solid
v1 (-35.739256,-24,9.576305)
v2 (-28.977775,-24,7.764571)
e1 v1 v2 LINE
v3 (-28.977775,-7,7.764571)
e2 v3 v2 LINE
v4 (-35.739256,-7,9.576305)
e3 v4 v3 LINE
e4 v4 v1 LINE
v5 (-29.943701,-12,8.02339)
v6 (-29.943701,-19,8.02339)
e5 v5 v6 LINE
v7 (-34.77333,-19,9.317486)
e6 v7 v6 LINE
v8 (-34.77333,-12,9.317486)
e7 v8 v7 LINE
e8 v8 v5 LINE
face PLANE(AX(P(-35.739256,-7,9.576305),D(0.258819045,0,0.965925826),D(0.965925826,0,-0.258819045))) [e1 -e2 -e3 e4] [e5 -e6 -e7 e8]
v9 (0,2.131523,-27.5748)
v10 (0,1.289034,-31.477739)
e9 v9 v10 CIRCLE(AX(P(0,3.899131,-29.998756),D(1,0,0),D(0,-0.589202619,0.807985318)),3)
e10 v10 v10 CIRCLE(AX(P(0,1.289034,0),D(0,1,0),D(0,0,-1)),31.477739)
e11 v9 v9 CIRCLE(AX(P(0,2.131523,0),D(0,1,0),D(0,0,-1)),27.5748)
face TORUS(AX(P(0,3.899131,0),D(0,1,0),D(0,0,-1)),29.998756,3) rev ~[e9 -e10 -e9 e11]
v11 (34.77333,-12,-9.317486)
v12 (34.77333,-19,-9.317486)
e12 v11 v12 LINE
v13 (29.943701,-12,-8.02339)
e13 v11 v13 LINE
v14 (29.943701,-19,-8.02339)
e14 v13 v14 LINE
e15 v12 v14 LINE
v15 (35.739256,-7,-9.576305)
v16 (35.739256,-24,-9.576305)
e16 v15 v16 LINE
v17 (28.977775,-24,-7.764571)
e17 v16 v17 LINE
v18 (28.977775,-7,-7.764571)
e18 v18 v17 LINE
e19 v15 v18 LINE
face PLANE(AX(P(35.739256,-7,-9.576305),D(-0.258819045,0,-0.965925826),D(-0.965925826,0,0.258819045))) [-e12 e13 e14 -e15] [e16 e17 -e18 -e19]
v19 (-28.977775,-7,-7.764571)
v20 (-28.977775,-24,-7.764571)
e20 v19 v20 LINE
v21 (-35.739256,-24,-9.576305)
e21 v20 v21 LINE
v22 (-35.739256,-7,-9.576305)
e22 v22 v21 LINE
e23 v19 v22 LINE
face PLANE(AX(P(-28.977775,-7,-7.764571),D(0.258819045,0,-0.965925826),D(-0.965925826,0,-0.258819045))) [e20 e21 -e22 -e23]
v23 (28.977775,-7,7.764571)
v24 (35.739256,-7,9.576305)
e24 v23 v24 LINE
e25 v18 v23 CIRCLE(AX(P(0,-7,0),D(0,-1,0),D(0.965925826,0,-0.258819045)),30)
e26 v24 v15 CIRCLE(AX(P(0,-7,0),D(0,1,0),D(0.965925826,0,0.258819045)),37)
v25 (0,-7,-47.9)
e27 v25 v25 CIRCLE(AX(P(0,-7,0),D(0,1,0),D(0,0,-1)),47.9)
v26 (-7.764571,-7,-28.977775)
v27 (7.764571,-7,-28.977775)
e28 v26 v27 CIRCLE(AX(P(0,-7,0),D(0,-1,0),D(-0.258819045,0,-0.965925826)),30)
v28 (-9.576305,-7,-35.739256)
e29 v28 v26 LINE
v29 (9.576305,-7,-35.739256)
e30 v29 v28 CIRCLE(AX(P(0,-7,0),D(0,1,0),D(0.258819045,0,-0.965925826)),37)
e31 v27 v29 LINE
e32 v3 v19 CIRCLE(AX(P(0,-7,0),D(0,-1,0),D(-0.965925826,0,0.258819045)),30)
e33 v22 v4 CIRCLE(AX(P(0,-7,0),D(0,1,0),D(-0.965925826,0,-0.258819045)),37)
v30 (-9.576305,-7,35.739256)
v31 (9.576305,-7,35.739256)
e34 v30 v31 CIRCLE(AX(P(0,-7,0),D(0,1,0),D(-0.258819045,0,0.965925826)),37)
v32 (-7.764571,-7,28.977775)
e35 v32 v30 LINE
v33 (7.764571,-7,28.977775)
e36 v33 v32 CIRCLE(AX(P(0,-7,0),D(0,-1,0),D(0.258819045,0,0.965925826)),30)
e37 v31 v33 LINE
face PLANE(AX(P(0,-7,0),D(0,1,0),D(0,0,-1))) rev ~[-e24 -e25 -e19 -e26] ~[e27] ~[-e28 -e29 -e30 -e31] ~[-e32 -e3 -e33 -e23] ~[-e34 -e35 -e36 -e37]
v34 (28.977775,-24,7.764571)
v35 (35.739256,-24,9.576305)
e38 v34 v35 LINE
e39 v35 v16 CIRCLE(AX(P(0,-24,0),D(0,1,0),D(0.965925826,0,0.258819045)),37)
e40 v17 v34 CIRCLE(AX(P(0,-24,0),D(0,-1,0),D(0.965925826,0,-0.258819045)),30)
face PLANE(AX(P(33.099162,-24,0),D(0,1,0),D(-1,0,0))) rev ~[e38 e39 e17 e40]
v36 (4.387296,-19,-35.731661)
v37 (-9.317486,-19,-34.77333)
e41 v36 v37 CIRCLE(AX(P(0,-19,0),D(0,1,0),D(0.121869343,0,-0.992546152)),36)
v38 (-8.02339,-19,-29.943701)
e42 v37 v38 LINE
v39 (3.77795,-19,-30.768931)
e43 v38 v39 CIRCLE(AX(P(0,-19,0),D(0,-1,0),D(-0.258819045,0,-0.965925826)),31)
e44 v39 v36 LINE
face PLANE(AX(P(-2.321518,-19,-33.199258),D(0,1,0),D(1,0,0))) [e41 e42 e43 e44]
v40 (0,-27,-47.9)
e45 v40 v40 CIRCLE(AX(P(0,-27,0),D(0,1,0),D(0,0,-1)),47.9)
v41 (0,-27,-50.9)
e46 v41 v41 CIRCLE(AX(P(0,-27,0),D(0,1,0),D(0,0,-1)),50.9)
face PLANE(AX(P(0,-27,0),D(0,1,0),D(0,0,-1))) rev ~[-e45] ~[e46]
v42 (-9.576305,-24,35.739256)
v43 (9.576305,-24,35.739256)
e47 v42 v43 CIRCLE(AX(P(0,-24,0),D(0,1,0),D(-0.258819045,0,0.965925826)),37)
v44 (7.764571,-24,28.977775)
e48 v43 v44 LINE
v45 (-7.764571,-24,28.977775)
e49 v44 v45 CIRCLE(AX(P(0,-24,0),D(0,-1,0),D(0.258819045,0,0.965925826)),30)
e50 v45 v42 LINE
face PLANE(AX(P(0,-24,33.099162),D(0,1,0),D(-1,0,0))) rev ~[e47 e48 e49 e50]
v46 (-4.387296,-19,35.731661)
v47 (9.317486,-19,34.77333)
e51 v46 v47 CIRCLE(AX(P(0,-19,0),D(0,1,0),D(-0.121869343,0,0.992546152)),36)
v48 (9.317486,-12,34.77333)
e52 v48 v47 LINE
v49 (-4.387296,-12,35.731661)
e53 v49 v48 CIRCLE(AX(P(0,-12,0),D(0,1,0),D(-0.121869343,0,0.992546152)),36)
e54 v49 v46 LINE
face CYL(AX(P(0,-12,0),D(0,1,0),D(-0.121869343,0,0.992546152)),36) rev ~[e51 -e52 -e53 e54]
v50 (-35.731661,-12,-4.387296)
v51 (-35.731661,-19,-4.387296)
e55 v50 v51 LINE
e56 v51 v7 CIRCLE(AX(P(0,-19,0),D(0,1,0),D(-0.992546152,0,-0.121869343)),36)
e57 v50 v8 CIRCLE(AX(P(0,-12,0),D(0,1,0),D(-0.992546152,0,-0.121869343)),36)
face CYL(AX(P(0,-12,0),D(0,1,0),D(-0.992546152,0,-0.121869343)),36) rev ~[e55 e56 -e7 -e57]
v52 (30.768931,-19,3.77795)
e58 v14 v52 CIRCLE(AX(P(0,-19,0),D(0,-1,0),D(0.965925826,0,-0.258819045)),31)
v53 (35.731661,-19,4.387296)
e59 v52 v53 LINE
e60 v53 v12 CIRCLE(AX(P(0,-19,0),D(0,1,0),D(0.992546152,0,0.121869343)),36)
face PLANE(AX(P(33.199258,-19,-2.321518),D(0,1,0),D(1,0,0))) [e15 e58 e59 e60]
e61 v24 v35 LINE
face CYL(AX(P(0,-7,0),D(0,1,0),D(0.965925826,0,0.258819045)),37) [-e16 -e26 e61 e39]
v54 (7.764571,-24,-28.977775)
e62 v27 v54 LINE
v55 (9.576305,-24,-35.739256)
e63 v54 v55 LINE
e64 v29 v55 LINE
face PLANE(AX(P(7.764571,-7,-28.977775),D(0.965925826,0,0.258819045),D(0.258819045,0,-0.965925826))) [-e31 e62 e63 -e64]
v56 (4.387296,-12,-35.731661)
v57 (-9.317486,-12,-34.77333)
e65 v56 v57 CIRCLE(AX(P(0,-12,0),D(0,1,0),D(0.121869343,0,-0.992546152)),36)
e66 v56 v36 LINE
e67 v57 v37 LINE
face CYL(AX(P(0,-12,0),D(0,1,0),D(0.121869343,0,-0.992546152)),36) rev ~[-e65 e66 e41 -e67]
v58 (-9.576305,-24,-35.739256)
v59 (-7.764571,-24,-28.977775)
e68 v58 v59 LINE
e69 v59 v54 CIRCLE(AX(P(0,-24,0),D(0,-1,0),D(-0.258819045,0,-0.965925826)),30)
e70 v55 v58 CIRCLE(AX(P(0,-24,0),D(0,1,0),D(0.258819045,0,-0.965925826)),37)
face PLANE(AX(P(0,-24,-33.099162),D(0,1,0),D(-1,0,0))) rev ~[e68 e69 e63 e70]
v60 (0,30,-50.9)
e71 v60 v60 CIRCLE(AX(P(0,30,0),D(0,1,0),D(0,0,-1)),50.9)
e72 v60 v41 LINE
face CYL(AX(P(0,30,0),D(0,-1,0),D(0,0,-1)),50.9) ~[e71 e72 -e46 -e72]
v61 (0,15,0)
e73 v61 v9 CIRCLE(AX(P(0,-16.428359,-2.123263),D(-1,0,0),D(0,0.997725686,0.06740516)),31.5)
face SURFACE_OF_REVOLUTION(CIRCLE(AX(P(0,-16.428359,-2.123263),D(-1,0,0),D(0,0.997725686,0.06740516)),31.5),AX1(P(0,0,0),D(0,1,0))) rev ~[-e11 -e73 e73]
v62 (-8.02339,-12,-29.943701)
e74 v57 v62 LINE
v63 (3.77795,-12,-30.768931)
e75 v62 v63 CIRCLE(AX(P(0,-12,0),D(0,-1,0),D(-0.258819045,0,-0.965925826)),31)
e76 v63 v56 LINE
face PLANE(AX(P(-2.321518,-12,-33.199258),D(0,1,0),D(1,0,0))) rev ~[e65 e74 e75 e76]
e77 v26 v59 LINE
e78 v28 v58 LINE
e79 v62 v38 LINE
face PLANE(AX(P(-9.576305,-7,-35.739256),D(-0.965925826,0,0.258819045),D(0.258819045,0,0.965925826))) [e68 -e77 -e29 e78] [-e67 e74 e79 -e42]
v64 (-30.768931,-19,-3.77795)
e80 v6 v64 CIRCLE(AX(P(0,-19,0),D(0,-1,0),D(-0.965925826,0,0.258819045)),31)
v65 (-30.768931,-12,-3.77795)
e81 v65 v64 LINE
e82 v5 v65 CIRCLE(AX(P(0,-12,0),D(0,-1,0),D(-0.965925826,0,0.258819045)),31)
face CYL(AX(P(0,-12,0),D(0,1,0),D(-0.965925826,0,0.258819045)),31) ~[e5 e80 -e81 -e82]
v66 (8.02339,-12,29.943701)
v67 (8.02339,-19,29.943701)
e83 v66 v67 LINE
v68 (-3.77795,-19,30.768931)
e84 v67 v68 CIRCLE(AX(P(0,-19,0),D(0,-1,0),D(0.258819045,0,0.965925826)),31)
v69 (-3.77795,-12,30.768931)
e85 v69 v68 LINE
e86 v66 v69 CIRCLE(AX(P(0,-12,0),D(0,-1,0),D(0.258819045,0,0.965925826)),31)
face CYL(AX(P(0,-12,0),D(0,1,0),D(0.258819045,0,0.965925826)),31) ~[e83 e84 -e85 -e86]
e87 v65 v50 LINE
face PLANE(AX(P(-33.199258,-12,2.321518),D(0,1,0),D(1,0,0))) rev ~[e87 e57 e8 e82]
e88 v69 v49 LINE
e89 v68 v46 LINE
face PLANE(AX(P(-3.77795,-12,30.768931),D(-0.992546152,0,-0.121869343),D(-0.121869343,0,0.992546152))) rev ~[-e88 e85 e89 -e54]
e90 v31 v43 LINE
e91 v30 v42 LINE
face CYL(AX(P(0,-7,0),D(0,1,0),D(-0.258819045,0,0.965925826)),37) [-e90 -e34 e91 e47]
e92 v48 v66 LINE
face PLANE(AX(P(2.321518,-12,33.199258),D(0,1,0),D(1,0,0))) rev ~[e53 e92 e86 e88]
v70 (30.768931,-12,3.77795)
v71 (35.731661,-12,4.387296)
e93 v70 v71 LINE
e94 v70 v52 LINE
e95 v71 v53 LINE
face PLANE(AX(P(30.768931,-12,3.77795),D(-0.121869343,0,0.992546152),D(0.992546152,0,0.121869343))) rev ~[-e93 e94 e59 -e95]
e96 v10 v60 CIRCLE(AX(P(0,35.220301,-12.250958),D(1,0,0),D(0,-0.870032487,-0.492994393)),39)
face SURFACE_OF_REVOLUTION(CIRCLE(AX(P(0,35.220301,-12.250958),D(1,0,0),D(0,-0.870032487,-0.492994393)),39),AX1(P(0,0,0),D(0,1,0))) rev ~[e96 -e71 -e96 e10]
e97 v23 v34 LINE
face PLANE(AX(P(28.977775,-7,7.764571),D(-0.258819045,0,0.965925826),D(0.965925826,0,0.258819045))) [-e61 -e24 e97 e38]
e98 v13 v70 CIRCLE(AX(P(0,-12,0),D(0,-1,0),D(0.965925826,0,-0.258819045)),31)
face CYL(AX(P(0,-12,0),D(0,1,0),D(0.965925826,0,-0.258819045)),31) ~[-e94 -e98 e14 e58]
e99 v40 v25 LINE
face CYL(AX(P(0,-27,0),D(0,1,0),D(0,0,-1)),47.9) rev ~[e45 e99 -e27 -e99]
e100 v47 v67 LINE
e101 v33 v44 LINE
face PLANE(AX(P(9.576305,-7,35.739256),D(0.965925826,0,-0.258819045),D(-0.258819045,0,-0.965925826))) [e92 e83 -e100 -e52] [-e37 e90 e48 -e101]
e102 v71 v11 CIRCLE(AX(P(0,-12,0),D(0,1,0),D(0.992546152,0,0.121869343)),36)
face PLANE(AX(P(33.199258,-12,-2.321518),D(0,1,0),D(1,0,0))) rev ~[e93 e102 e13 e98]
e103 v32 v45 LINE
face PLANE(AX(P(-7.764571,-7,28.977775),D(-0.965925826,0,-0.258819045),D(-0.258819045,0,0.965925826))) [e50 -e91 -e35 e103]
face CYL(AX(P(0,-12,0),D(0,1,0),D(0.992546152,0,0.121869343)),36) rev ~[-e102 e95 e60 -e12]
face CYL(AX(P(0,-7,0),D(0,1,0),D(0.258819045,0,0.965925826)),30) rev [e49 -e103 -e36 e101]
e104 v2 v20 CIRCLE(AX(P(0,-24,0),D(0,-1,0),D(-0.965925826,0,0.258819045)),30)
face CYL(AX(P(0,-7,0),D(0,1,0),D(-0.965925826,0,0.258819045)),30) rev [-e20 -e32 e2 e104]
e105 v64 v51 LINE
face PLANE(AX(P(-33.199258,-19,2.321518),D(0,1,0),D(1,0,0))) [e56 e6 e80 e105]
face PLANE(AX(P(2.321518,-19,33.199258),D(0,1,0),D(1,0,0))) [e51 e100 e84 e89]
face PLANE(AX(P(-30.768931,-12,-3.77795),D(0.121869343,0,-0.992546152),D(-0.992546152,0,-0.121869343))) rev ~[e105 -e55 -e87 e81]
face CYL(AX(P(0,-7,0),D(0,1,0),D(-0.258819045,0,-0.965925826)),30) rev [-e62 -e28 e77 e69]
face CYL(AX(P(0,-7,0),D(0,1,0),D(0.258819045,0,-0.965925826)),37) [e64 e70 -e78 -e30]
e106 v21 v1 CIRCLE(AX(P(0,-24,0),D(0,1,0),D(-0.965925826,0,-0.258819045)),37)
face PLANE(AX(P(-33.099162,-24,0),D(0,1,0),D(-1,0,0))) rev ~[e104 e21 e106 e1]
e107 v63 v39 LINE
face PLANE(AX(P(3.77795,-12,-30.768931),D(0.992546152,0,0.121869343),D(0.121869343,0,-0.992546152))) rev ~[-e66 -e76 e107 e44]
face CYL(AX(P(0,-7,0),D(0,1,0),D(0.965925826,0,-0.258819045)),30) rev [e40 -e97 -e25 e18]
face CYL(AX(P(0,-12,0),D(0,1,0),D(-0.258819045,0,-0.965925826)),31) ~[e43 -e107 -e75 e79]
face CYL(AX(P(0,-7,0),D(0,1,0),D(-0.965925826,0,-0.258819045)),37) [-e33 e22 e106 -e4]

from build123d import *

# Parameters (mm, degrees)
BOSS_EXTRUDE1_DEPTH = 17
CUT_EXTRUDE1_DEPTH  = 7


with BuildPart() as part:
    # Sketch1 → Revolve1 (revolve)
    with BuildSketch(Plane.XY, mode=Mode.PRIVATE) as revolve1_sk:
        with BuildLine():
            ThreePointArc((31.477739174, 1.289033786), (44.553939615, 13.368129979), (50.9, 30))
            Line((50.9, 30), (50.9, 0))
            Line((50.9, 0), (50.9, -7))
            Line((50.9, -7), (50.9, -27))
            Line((50.9, -27), (47.9, -27))
            Line((47.9, -27), (47.9, -7))
            Line((47.9, -7), (0, -7))
            Line((0, -7), (0, 0))
            Line((0, 0), (0, 15))
            ThreePointArc((0, 15), (15.444355802, 12.116315948), (27.574800041, 2.13152339))
            ThreePointArc((27.574800041, 2.13152339), (29.365754755, 0.96667333), (31.477739174, 1.289033786))
        make_face()
    revolve(revolve1_sk.sketch.rotate(Axis((0, 0, 0), (0, 1, 0)), 90), axis=Axis((0, 0, 0), (0, 1, 0)))

    # Sketch2 → Boss-Extrude1 (add)
    with BuildSketch(Plane.XZ.offset(7)):
        with BuildLine():
            Line((7.764571353, -28.977774789), (9.576304669, -35.739255573))
            ThreePointArc((9.576304669, -35.739255573), (0, -37), (-9.576304669, -35.739255573))
            Line((-9.576304669, -35.739255573), (-7.764571353, -28.977774789))
            ThreePointArc((-7.764571353, -28.977774789), (0, -30), (7.764571353, -28.977774789))
        make_face()
        with BuildLine():
            Line((28.977774789, 7.764571353), (35.739255573, 9.576304669))
            ThreePointArc((35.739255573, 9.576304669), (37, 0), (35.739255573, -9.576304669))
            Line((35.739255573, -9.576304669), (28.977774789, -7.764571353))
            ThreePointArc((28.977774789, -7.764571353), (30, 0), (28.977774789, 7.764571353))
        make_face()
        with BuildLine():
            Line((-28.977774789, -7.764571353), (-35.739255573, -9.576304669))
            ThreePointArc((-35.739255573, -9.576304669), (-37, 0), (-35.739255573, 9.576304669))
            Line((-35.739255573, 9.576304669), (-28.977774789, 7.764571353))
            ThreePointArc((-28.977774789, 7.764571353), (-30, 0), (-28.977774789, -7.764571353))
        make_face()
        with BuildLine():
            Line((-7.764571353, 28.977774789), (-9.576304669, 35.739255573))
            ThreePointArc((-9.576304669, 35.739255573), (0, 37), (9.576304669, 35.739255573))
            Line((9.576304669, 35.739255573), (7.764571353, 28.977774789))
            ThreePointArc((7.764571353, 28.977774789), (0, 30), (-7.764571353, 28.977774789))
        make_face()
    extrude(amount=BOSS_EXTRUDE1_DEPTH)

    # Sketch3 → Cut-Extrude1 (cut)
    with BuildSketch(Plane(origin=(0, -12, 0), x_dir=(-1, 0, 0), z_dir=(0, -1, 0))):
        with BuildLine():
            Line((3.777949646, -30.768930701), (4.387296363, -35.731661459))
            ThreePointArc((4.387296363, -35.731661459), (-2.511233055, -35.912305809), (-9.317485624, -34.773329746))
            Line((-9.317485624, -34.773329746), (-8.023390398, -29.943700615))
            ThreePointArc((-8.023390398, -29.943700615), (-2.162450686, -30.924485558), (3.777949646, -30.768930701))
        make_face()
        with BuildLine():
            Line((30.768930701, 3.777949646), (35.731661459, 4.387296363))
            ThreePointArc((35.731661459, 4.387296363), (35.912305809, -2.511233055), (34.773329746, -9.317485624))
            Line((34.773329746, -9.317485624), (29.943700615, -8.023390398))
            ThreePointArc((29.943700615, -8.023390398), (30.924485558, -2.162450686), (30.768930701, 3.777949646))
        make_face()
        with BuildLine():
            Line((-30.768930701, -3.777949646), (-35.731661459, -4.387296363))
            ThreePointArc((-35.731661459, -4.387296363), (-35.912305809, 2.511233055), (-34.773329746, 9.317485624))
            Line((-34.773329746, 9.317485624), (-29.943700615, 8.023390398))
            ThreePointArc((-29.943700615, 8.023390398), (-30.924485558, 2.162450686), (-30.768930701, -3.777949646))
        make_face()
        with BuildLine():
            Line((-3.777949646, 30.768930701), (-4.387296363, 35.731661459))
            ThreePointArc((-4.387296363, 35.731661459), (2.511233055, 35.912305809), (9.317485624, 34.773329746))
            Line((9.317485624, 34.773329746), (8.023390398, 29.943700615))
            ThreePointArc((8.023390398, 29.943700615), (2.162450686, 30.924485558), (-3.777949646, 30.768930701))
        make_face()
    extrude(amount=CUT_EXTRUDE1_DEPTH, mode=Mode.SUBTRACT)


solid = part.part
